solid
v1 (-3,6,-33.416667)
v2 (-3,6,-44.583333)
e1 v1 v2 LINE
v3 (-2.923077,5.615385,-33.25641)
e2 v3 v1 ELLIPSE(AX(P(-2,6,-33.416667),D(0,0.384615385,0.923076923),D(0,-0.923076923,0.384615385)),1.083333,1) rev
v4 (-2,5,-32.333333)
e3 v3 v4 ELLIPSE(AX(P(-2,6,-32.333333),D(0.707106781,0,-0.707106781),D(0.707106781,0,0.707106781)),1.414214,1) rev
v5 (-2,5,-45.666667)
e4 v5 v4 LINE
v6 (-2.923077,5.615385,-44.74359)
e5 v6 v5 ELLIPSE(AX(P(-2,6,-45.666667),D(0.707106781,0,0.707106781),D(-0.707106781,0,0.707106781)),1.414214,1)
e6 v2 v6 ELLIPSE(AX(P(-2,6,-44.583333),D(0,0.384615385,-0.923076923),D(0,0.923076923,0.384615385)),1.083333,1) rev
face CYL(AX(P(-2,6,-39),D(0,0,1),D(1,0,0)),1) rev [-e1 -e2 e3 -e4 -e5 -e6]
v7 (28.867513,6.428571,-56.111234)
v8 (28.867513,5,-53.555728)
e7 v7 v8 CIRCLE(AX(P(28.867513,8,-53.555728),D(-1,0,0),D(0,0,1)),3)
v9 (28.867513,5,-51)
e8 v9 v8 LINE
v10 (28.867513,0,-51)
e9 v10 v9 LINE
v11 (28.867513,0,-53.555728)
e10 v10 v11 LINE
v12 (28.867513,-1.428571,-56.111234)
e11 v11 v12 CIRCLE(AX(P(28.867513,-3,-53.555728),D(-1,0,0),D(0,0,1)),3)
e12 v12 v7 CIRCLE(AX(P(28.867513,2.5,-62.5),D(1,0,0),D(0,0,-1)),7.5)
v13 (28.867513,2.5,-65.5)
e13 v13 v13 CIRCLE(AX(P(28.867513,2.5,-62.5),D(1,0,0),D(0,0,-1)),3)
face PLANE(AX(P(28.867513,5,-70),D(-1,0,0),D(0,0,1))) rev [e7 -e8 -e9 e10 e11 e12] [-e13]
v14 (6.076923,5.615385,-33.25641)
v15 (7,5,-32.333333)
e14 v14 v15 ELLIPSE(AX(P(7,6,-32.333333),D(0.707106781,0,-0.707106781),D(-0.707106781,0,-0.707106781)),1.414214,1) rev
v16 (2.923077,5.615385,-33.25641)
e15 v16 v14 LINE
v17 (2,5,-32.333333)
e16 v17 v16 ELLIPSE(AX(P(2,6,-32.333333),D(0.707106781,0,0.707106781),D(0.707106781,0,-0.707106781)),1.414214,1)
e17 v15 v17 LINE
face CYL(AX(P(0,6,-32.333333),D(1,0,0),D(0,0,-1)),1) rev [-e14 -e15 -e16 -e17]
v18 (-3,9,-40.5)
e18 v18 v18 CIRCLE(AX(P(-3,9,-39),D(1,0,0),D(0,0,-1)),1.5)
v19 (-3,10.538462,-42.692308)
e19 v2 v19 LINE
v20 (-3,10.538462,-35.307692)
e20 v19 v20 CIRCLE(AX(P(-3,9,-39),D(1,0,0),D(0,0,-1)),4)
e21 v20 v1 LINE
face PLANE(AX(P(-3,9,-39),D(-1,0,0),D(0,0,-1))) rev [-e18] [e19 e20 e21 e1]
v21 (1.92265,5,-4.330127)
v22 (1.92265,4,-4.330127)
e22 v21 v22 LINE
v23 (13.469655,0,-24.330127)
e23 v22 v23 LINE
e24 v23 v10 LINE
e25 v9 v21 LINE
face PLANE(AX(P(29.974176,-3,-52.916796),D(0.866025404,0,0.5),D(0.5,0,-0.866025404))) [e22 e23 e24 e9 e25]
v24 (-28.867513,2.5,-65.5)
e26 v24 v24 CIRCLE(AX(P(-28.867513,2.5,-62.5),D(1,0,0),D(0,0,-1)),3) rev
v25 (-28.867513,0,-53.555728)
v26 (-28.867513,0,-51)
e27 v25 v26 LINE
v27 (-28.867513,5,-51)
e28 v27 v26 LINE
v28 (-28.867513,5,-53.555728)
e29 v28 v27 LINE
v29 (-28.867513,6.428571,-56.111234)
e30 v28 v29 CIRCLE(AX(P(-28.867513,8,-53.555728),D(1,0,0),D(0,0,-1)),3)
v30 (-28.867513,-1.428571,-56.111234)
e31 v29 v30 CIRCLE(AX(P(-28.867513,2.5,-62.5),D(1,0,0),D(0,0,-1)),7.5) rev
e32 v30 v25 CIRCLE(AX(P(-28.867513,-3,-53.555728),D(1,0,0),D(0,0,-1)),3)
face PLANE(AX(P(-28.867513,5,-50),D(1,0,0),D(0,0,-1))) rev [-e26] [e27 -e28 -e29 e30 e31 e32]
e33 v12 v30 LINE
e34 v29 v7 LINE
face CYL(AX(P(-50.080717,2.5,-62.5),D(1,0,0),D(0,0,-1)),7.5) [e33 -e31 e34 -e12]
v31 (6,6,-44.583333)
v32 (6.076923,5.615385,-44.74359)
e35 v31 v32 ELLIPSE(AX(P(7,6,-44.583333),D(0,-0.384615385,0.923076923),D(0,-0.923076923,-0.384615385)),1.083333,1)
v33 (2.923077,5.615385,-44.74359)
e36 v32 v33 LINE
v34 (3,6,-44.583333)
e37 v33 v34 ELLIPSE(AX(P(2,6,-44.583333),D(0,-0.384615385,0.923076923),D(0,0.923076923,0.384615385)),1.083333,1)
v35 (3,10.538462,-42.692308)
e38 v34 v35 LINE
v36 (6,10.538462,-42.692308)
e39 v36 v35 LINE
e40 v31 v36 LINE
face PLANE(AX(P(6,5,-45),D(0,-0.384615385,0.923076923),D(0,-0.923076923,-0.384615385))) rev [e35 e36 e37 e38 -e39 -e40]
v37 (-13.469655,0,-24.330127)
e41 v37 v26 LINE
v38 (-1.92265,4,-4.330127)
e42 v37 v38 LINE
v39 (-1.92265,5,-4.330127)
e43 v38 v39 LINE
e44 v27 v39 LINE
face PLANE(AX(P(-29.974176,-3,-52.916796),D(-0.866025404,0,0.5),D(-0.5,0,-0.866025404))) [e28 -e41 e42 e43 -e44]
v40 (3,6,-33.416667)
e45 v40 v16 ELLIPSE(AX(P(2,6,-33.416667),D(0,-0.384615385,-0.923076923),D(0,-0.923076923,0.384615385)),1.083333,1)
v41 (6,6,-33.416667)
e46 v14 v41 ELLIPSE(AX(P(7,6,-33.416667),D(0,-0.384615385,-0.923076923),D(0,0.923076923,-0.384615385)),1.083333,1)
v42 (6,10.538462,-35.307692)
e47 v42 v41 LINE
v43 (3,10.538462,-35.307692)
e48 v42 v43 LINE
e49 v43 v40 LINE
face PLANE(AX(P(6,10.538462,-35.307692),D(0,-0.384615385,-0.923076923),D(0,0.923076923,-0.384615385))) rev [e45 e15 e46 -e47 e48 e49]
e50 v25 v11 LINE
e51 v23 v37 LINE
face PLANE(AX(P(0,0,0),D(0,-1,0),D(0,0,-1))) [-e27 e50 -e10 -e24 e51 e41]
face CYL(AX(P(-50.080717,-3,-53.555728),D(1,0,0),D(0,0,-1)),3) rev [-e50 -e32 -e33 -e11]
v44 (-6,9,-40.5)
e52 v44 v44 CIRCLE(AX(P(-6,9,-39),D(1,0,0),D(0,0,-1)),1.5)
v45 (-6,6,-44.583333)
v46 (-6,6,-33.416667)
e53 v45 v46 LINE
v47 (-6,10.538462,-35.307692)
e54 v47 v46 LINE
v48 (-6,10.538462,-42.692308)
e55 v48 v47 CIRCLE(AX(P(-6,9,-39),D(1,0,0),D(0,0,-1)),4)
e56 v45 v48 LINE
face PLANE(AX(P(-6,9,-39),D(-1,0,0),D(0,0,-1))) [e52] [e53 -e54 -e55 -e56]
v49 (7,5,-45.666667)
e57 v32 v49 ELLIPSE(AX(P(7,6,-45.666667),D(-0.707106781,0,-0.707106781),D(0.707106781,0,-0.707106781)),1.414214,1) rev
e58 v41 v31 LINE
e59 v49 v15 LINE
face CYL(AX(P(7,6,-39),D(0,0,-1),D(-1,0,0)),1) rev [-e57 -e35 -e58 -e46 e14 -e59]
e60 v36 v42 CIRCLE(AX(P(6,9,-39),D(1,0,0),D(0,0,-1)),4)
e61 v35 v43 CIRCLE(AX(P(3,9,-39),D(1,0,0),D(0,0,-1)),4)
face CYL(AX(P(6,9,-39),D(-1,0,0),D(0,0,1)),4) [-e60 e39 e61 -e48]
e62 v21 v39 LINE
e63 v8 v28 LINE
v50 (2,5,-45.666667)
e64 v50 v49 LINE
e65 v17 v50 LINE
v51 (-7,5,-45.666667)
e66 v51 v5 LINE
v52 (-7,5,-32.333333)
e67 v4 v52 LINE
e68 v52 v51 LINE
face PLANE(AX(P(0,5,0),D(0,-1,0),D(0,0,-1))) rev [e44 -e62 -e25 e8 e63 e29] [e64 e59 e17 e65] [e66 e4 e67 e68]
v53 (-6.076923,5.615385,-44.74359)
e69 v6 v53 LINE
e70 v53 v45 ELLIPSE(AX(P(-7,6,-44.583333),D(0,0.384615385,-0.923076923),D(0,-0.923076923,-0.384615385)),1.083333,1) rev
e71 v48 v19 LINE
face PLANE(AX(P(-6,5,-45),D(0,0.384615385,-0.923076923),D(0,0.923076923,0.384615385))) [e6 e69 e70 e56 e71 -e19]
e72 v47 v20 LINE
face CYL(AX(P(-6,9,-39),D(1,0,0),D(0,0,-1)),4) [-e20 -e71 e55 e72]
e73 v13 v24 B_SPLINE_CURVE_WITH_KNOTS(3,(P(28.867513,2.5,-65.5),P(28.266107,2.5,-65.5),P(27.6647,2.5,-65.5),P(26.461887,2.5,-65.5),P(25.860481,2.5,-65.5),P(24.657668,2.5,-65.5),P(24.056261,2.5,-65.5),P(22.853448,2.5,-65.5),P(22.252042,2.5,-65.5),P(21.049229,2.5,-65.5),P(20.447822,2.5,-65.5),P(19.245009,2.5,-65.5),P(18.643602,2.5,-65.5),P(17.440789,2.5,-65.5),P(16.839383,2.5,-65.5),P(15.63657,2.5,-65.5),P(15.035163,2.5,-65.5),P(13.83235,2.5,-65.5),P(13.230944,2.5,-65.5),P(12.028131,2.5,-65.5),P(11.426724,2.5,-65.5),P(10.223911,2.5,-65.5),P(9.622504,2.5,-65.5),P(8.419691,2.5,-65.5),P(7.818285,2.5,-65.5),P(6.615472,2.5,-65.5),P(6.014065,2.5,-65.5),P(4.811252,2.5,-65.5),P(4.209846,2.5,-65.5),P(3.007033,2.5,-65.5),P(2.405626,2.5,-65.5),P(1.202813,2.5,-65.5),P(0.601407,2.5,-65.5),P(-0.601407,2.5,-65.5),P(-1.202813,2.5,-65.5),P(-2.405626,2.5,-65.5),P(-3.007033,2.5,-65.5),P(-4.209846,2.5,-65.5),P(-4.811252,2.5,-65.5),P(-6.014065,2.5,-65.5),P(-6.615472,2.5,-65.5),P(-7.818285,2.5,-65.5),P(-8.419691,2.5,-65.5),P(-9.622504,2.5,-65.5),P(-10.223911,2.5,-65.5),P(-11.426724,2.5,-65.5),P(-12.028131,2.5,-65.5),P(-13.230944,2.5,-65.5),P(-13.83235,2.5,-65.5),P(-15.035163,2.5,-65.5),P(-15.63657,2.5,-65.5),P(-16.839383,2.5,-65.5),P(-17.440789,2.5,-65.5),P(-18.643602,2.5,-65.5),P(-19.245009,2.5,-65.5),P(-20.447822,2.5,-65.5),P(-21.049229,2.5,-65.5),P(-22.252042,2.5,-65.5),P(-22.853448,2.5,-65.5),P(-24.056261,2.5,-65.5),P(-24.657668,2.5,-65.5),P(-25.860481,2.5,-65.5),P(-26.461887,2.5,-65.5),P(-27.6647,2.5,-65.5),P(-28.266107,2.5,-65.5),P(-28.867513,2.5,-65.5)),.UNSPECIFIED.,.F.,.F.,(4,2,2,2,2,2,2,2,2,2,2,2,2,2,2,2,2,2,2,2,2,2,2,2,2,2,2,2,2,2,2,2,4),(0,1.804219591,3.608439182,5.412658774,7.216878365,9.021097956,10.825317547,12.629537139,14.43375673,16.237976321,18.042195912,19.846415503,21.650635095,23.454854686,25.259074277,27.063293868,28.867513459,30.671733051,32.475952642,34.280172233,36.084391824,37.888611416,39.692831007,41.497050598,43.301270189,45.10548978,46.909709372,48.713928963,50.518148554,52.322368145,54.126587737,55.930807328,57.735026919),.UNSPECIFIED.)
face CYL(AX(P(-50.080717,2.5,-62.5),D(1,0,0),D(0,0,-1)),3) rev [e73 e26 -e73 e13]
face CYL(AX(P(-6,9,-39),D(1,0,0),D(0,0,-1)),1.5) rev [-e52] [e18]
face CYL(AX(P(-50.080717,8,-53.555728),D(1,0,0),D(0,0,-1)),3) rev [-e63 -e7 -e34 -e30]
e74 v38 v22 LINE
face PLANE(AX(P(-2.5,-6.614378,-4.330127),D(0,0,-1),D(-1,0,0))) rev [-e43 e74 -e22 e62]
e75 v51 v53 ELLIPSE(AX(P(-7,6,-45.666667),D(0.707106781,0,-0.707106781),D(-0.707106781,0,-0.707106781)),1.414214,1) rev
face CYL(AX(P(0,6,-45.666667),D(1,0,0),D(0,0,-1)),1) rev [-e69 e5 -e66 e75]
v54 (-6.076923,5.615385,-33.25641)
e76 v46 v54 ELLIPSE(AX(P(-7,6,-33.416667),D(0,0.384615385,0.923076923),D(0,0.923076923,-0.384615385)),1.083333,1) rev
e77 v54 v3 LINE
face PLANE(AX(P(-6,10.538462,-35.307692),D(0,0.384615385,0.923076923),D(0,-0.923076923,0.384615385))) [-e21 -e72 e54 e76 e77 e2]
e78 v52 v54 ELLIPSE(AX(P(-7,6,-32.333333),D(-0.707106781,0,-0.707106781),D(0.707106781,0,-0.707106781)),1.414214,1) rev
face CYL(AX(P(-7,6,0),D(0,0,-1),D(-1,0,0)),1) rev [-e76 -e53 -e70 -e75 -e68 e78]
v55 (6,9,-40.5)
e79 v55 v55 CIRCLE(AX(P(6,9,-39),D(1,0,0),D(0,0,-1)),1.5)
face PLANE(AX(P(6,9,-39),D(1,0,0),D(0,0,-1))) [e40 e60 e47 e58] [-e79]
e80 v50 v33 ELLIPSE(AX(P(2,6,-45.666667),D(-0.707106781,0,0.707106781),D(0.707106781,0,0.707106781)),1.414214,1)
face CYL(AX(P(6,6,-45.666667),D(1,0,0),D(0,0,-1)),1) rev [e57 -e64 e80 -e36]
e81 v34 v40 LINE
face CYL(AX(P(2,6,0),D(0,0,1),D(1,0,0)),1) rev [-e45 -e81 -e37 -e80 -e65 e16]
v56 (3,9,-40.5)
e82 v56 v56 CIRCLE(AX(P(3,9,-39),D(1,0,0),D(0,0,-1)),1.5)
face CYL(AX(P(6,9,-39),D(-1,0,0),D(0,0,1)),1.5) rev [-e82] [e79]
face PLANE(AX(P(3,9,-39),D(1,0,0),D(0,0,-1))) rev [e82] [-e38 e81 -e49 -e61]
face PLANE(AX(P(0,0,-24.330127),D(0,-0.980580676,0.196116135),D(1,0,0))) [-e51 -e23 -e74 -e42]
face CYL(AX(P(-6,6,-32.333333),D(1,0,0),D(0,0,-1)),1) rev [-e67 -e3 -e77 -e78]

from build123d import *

# Parameters (mm, degrees)
BOSS_EXTRUDE1_DEPTH = 5
SKETCH2_R           = 7.5
SKETCH2_R_2         = 3
BOSS_EXTRUDE2_DEPTH = 57.735026919
CUT_EXTRUDE1_DEPTH  = 57.735026919
CUT_EXTRUDE2_DEPTH  = 5
FILLET1_R           = 3
CUT_EXTRUDE3_DEPTH  = 0.5
CHAMFER1_SIZE       = 4
CHAMFER1_SIZE2      = 20
BOSS_EXTRUDE3_START = 3
SKETCH5_R           = 1.5
BOSS_EXTRUDE3_DEPTH = 3
FILLET2_R           = 1


with BuildPart() as part:
    # Sketch1 → Boss-Extrude1 (new body)
    with BuildSketch(Plane(origin=(0, 0, 0), x_dir=(1, 0, 0), z_dir=(0, 1, 0))):
        Polygon((-28.867513459, 50), (-28.867513459, 70), (28.867513459, 70), (28.867513459, 50), (0, 0), align=None)
    extrude(amount=BOSS_EXTRUDE1_DEPTH)

    # Sketch2 → Boss-Extrude2 (add)
    with BuildSketch(Plane(origin=(28.867513459, 0, 0), x_dir=(0, 0, -1), z_dir=(1, 0, 0))):
        with Locations((62.5, 2.5)):
            Circle(SKETCH2_R)
        with Locations((62.5, 2.5)):
            Circle(SKETCH2_R_2, mode=Mode.SUBTRACT)
    extrude(amount=-BOSS_EXTRUDE2_DEPTH)

    # Sketch2<2> → Cut-Extrude1 (cut)
    with BuildSketch(Plane(origin=(28.867513459, 0, 0), x_dir=(0, 0, -1), z_dir=(1, 0, 0))):
        with BuildLine():
            ThreePointArc((65.5, 2.5), (65.143382037, 3.918637165), (64.158312395, 5))
            Line((64.158312395, 5), (60.841687605, 5))
            ThreePointArc((60.841687605, 5), (59.5, 2.5), (60.841687605, 0))
            Line((60.841687605, 0), (64.158312395, 0))
            ThreePointArc((64.158312395, 0), (65.143382037, 1.081362835), (65.5, 2.5))
        make_face()
        with BuildLine():
            Line((60.841687605, 5), (64.158312395, 5))
            ThreePointArc((64.158312395, 5), (62.5, 5.5), (60.841687605, 5))
        make_face()
        with BuildLine():
            ThreePointArc((60.841687605, 0), (62.5, -0.5), (64.158312395, 0))
            Line((64.158312395, 0), (60.841687605, 0))
        make_face()
        with BuildLine():
            ThreePointArc((69.571067812, 5), (69.891989197, 3.76826484), (70, 2.5))
            Line((70, 2.5), (70, 5))
            Line((70, 5), (69.571067812, 5))
        make_face()
        with BuildLine():
            Line((70, 0), (70, 2.5))
            ThreePointArc((70, 2.5), (69.891989197, 1.23173516), (69.571067812, 0))
            Line((69.571067812, 0), (70, 0))
        make_face()
    extrude(amount=-CUT_EXTRUDE1_DEPTH, mode=Mode.SUBTRACT)

    # Sketch3 → Cut-Extrude2 (cut)
    with BuildSketch(Plane(origin=(0, 5, 0), x_dir=(1, 0, 0), z_dir=(0, 1, 0))):
        Polygon((-2.5, 4.330127019), (2.5, 4.330127019), (0, 0), align=None)
    extrude(amount=-CUT_EXTRUDE2_DEPTH, mode=Mode.SUBTRACT)

    # Fillet1
    fillet1_edges = [part.edges().sort_by_distance(p)[0] for p in [
        (0, 0, -55.428932188),
        (0, 5, -55.428932188),
    ]]
    fillet(fillet1_edges, radius=FILLET1_R)

    # Sketch4 → Cut-Extrude3 (cut)
    with BuildSketch(Plane(origin=(0, 0, 0), x_dir=(0.5000000000000001, 0, -0.8660254037844386), z_dir=(0.8660254037844386, 0, 0.5000000000000001))):
        with BuildLine():
            Line((57.735026919, 0), (60.814377774, 0))
            add(Edge.make_bspline(
                [(63.027511115, -1.428571429), (62.266746529, 0), (60.814377774, 0)],
                knots=[2.122113296, 2.122113296, 2.122113296, 3.141592654, 3.141592654, 3.141592654], degree=2, weights=[1, 0.872871561, 1]))
            add(Edge.make_bspline(
                [(63.027511115, -1.428571429), (75.055534995, -24.014916241), (75.055534995, 2.5), (75.055534995, 29.014916241), (63.027511115, 6.428571429)],
                knots=[5.26370595, 5.26370595, 5.26370595, 7.853981634, 7.853981634, 10.444257318, 10.444257318, 10.444257318], degree=2, weights=[1, 0.27218062, 1, 0.27218062, 1]))
            add(Edge.make_bspline(
                [(60.814377774, 5), (62.266746529, 5), (63.027511115, 6.428571429)],
                knots=[3.141592654, 3.141592654, 3.141592654, 4.161072011, 4.161072011, 4.161072011], degree=2, weights=[1, 0.872871561, 1]))
            Line((60.814377774, 5), (57.735026919, 5))
            Line((57.735026919, 5), (5, 5))
            Line((5, 5), (2.5, 5))
            Line((2.5, 5), (2.5, 0))
            Line((2.5, 0), (5, 0))
            Line((5, 0), (57.735026919, 0))
        make_face()
    cut_extrude3 = extrude(amount=-CUT_EXTRUDE3_DEPTH, mode=Mode.SUBTRACT)

    # Mirror1: Cut-Extrude3 across plane
    add(cut_extrude3.mirror(Plane(origin=(0, 0, 0), x_dir=(0, 0, 1), z_dir=(1, 0, 0))), mode=Mode.SUBTRACT)

    # Chamfer1
    chamfer1_edges = [part.edges().sort_by_distance(p)[0] for p in [
        (0, 0, -4.330127019),
    ]]
    chamfer1_side = [part.faces().sort_by_distance(p)[0] for p in [
        (0, 2.5, -4.330127019),
    ]]
    chamfer(chamfer1_edges, length=CHAMFER1_SIZE, length2=CHAMFER1_SIZE2, reference=chamfer1_side[0])

    # Sketch5 → Boss-Extrude3 (add)
    with BuildSketch(Plane(origin=(0, 0, 0), x_dir=(0, 0, -1), z_dir=(1, 0, 0)).offset(BOSS_EXTRUDE3_START)):
        with BuildLine():
            Line((35.307692308, 10.538461538), (33, 5))
            Line((33, 5), (45, 5))
            Line((45, 5), (42.692307692, 10.538461538))
            ThreePointArc((42.692307692, 10.538461538), (39, 13), (35.307692308, 10.538461538))
        make_face()
        with Locations((39, 9)):
            Circle(SKETCH5_R, mode=Mode.SUBTRACT)
    boss_extrude3 = extrude(amount=BOSS_EXTRUDE3_DEPTH)

    # Mirror2: Boss-Extrude3 across plane
    add(boss_extrude3.mirror(Plane(origin=(0, 0, 0), x_dir=(0, 0, 1), z_dir=(1, 0, 0))))

    # Fillet2
    fillet2_edges = [part.edges().sort_by_distance(p)[0] for p in [
        (6, 5, -39),
        (3, 5, -39),
        (4.5, 5, -33),
        (4.5, 5, -45),
        (-6, 5, -39),
        (-4.5, 5, -45),
        (-4.5, 5, -33),
        (-3, 5, -39),
    ]]
    fillet(fillet2_edges, radius=FILLET2_R)


solid = part.part
